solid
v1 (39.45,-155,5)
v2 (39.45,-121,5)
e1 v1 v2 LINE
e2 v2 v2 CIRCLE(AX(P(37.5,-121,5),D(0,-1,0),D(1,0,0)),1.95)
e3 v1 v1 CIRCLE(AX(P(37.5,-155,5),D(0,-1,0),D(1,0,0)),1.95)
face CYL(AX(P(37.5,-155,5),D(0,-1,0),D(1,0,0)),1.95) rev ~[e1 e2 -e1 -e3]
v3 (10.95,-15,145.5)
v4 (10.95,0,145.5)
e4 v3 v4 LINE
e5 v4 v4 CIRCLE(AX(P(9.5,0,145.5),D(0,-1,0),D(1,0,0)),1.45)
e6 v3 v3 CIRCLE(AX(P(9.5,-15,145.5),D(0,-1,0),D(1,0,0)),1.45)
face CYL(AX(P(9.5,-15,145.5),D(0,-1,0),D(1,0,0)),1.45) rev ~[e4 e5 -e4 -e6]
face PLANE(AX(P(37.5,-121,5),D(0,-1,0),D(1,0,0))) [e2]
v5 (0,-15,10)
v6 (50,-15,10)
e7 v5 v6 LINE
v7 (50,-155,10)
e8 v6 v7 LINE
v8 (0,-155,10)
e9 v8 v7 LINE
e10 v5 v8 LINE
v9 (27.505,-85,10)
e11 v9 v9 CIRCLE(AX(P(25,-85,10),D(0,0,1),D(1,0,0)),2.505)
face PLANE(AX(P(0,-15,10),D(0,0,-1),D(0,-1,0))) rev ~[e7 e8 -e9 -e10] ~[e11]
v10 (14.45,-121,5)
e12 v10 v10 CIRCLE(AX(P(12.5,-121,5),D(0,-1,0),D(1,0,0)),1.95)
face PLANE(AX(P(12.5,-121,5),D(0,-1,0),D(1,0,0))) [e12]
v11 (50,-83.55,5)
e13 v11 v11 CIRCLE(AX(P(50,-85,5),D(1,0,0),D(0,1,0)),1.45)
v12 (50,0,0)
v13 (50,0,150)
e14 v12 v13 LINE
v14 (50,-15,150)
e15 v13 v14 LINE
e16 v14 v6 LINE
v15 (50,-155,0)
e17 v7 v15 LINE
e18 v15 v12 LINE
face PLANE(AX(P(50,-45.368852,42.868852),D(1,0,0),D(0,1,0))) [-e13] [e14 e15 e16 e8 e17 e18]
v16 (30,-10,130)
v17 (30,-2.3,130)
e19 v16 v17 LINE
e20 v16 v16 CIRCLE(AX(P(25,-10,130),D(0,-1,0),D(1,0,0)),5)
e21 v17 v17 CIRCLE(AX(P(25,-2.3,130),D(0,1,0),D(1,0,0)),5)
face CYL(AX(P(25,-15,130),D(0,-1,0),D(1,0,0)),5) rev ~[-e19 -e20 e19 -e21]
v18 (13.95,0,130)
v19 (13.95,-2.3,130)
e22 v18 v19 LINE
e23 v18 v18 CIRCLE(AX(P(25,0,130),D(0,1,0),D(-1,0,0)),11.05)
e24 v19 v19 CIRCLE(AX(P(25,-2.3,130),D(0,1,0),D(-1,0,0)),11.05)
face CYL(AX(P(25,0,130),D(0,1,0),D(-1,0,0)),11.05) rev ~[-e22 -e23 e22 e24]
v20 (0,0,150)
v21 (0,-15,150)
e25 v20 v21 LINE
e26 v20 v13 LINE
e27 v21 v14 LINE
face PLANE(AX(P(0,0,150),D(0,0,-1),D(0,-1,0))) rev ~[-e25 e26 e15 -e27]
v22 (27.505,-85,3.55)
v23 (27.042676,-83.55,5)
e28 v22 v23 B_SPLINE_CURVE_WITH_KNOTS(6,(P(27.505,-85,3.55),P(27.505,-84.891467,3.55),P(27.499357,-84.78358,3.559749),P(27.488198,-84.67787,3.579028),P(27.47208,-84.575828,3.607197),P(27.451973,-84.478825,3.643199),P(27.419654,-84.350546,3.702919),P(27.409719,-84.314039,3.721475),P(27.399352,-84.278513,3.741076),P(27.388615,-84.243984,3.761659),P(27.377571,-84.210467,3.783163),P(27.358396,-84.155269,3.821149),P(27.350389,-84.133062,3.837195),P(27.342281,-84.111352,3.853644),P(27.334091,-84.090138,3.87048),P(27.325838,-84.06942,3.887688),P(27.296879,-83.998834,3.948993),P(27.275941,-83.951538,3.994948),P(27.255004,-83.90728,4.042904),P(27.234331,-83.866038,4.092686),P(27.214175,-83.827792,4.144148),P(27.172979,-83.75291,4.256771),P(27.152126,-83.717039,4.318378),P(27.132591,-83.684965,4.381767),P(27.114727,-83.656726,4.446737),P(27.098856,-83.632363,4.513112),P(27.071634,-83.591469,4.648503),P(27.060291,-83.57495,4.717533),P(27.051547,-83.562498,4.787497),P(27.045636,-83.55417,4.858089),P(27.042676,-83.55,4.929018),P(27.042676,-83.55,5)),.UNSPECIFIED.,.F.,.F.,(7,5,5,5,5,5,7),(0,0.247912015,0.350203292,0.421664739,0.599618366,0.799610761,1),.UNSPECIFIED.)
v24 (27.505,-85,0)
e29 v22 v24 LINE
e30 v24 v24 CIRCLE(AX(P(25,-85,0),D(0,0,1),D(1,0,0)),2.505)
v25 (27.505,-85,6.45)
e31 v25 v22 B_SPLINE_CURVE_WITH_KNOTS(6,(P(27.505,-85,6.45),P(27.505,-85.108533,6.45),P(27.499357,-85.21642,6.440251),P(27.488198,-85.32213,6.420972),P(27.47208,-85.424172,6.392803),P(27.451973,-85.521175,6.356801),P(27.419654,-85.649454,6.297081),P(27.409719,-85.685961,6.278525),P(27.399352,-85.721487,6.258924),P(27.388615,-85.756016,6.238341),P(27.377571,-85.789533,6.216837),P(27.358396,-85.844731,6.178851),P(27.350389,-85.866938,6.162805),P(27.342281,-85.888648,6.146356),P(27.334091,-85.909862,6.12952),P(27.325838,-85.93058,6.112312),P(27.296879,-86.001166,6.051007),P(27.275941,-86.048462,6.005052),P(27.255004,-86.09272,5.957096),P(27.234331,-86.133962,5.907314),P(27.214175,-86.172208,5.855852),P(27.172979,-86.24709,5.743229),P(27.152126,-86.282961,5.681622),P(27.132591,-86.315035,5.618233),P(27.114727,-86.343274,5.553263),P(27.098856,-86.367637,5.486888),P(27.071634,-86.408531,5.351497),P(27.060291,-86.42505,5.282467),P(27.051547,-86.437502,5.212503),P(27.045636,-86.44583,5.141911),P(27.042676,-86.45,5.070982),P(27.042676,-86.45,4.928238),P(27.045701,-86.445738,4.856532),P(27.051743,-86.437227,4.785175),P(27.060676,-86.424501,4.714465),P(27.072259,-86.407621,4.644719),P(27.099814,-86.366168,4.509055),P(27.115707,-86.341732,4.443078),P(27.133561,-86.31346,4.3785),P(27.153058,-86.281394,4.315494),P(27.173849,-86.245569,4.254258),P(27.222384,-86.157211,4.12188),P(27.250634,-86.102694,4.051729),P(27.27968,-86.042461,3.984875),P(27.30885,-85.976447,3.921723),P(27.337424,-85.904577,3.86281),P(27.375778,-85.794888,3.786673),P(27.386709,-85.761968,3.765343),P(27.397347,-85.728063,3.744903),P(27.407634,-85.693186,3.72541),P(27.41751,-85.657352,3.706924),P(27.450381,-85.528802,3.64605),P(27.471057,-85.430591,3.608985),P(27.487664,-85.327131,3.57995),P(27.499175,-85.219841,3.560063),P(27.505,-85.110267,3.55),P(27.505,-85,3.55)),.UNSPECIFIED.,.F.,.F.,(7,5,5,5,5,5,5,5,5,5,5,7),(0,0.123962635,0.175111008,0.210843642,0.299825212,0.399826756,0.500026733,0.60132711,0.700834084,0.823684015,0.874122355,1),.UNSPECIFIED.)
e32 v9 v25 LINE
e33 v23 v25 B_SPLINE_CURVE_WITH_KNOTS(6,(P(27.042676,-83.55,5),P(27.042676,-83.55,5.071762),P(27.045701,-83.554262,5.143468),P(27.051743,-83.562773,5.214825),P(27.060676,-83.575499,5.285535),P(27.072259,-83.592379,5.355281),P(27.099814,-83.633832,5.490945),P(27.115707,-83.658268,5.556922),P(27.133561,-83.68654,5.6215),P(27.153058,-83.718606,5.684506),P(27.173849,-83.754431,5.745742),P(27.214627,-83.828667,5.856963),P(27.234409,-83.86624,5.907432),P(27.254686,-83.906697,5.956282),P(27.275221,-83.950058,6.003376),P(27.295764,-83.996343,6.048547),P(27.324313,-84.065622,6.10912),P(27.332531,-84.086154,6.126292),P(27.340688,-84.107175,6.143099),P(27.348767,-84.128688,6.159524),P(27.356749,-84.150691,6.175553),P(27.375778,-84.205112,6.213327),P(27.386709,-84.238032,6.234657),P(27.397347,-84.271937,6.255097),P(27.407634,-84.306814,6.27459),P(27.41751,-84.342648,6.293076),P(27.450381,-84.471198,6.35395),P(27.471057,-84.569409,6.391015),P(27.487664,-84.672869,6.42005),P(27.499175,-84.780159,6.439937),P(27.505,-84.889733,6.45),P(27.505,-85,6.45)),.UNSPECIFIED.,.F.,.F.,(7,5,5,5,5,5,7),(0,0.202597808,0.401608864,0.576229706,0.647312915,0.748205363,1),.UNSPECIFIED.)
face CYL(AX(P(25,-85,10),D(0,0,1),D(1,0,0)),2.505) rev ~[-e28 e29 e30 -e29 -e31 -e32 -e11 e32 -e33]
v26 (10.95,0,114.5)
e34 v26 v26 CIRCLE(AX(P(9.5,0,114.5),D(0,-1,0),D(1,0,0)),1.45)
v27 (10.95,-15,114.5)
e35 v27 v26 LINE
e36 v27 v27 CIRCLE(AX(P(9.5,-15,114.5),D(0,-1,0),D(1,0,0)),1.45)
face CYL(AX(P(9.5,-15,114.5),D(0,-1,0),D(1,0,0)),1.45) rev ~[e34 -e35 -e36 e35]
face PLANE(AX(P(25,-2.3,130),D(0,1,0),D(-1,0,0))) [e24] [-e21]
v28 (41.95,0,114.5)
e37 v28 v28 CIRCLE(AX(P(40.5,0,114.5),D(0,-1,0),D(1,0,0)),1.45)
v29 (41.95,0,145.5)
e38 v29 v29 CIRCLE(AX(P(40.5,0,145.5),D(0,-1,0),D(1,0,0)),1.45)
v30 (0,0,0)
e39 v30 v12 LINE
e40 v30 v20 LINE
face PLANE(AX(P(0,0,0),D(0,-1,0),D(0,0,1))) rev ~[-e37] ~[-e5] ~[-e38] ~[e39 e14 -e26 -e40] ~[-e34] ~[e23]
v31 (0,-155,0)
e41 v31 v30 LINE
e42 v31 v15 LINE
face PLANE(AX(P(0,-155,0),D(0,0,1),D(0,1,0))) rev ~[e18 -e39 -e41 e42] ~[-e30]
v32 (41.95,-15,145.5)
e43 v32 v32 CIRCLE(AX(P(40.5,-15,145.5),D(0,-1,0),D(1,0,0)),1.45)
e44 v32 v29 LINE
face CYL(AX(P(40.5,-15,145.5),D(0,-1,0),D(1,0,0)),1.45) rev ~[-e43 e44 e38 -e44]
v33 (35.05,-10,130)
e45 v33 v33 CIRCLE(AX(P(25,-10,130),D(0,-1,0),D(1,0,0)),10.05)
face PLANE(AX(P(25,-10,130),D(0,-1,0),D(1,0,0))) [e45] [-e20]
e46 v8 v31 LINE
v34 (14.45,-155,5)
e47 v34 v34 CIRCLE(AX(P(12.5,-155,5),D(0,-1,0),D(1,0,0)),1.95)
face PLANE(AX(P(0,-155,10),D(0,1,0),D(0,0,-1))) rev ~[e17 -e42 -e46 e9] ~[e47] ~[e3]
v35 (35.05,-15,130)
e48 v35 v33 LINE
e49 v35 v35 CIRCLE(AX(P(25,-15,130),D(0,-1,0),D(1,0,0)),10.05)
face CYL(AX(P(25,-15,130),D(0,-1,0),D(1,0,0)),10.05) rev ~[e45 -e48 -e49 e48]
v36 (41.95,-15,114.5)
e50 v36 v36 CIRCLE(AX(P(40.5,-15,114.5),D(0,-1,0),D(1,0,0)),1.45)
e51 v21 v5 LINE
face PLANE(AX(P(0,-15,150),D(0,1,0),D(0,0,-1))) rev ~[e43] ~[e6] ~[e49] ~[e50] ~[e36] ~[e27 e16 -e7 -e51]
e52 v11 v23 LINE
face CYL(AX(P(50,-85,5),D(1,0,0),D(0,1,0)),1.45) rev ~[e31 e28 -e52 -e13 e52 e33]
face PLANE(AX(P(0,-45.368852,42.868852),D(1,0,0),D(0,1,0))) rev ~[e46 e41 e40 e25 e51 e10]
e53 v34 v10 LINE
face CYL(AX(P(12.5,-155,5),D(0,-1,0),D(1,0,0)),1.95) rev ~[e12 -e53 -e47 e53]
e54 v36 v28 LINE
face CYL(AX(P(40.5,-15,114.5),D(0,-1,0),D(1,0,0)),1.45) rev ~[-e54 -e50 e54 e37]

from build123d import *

# Parameters (mm, degrees)
F1_DEPTH  = 50
F2_R      = 5
F2_R_2    = 1.45
F3_DEPTH  = 15
F2_R_3    = 10.05
F4_DEPTH  = 5
F5_R      = 11.05
F5_R_2    = 5
F6_DEPTH  = 2.3
F7_R      = 1.95
F8_DEPTH  = 34
F9_R      = 2.505
F10_DEPTH = 10
F11_R     = 1.45
F12_DEPTH = 22.958324159


with BuildPart() as f1:
    # F0 (on Right) → F1 (new body)
    with BuildSketch(Plane.YZ):
        Polygon((-15, 150), (-15, 10), (-155, 10), (-155, 0), (0, 0), (0, 150), align=None)
    extrude(amount=F1_DEPTH)

    # F2 (on face) → F3 (cut, through all)
    with BuildSketch(Plane.XZ.offset(15)):
        with Locations((25, 130)):
            Circle(F2_R)
        with Locations((9.5, 145.5)):
            Circle(F2_R_2)
        with Locations((9.5, 114.5)):
            Circle(F2_R_2)
        with Locations((40.5, 114.5)):
            Circle(F2_R_2)
        with Locations((40.5, 145.5)):
            Circle(F2_R_2)
    extrude(amount=-F3_DEPTH, mode=Mode.SUBTRACT)

    # F2 (on face) → F4 (cut)
    with BuildSketch(Plane.XZ.offset(15)):
        with Locations((25, 130)):
            Circle(F2_R_3)
        with Locations((25, 130)):
            Circle(F2_R, mode=Mode.SUBTRACT)
    extrude(amount=-F4_DEPTH, mode=Mode.SUBTRACT)

    # F5 (on face) → F6 (cut)
    with BuildSketch(Plane(origin=(0, 0, 0), x_dir=(-1, 0, 0), z_dir=(0, 1, 0))):
        with Locations((-25, 130)):
            Circle(F5_R)
        with Locations((-25, 130)):
            Circle(F5_R_2, mode=Mode.SUBTRACT)
    extrude(amount=-F6_DEPTH, mode=Mode.SUBTRACT)

    # F7 (on face) → F8 (cut)
    with BuildSketch(Plane.XZ.offset(155)):
        with Locations((12.5, 5)):
            Circle(F7_R)
        with Locations((37.5, 5)):
            Circle(F7_R)
    extrude(amount=-F8_DEPTH, mode=Mode.SUBTRACT)

    # F9 (on face) → F10 (cut, through all)
    with BuildSketch(Plane.XY.offset(10)):
        with Locations((25, -85)):
            Circle(F9_R)
    extrude(amount=-F10_DEPTH, mode=Mode.SUBTRACT)

    # F11 (on face) → F12 (cut, through all)
    with BuildSketch(Plane.YZ.offset(50)):
        with Locations((-85, 5)):
            Circle(F11_R)
    extrude(amount=-F12_DEPTH, mode=Mode.SUBTRACT)


solid = f1.part
